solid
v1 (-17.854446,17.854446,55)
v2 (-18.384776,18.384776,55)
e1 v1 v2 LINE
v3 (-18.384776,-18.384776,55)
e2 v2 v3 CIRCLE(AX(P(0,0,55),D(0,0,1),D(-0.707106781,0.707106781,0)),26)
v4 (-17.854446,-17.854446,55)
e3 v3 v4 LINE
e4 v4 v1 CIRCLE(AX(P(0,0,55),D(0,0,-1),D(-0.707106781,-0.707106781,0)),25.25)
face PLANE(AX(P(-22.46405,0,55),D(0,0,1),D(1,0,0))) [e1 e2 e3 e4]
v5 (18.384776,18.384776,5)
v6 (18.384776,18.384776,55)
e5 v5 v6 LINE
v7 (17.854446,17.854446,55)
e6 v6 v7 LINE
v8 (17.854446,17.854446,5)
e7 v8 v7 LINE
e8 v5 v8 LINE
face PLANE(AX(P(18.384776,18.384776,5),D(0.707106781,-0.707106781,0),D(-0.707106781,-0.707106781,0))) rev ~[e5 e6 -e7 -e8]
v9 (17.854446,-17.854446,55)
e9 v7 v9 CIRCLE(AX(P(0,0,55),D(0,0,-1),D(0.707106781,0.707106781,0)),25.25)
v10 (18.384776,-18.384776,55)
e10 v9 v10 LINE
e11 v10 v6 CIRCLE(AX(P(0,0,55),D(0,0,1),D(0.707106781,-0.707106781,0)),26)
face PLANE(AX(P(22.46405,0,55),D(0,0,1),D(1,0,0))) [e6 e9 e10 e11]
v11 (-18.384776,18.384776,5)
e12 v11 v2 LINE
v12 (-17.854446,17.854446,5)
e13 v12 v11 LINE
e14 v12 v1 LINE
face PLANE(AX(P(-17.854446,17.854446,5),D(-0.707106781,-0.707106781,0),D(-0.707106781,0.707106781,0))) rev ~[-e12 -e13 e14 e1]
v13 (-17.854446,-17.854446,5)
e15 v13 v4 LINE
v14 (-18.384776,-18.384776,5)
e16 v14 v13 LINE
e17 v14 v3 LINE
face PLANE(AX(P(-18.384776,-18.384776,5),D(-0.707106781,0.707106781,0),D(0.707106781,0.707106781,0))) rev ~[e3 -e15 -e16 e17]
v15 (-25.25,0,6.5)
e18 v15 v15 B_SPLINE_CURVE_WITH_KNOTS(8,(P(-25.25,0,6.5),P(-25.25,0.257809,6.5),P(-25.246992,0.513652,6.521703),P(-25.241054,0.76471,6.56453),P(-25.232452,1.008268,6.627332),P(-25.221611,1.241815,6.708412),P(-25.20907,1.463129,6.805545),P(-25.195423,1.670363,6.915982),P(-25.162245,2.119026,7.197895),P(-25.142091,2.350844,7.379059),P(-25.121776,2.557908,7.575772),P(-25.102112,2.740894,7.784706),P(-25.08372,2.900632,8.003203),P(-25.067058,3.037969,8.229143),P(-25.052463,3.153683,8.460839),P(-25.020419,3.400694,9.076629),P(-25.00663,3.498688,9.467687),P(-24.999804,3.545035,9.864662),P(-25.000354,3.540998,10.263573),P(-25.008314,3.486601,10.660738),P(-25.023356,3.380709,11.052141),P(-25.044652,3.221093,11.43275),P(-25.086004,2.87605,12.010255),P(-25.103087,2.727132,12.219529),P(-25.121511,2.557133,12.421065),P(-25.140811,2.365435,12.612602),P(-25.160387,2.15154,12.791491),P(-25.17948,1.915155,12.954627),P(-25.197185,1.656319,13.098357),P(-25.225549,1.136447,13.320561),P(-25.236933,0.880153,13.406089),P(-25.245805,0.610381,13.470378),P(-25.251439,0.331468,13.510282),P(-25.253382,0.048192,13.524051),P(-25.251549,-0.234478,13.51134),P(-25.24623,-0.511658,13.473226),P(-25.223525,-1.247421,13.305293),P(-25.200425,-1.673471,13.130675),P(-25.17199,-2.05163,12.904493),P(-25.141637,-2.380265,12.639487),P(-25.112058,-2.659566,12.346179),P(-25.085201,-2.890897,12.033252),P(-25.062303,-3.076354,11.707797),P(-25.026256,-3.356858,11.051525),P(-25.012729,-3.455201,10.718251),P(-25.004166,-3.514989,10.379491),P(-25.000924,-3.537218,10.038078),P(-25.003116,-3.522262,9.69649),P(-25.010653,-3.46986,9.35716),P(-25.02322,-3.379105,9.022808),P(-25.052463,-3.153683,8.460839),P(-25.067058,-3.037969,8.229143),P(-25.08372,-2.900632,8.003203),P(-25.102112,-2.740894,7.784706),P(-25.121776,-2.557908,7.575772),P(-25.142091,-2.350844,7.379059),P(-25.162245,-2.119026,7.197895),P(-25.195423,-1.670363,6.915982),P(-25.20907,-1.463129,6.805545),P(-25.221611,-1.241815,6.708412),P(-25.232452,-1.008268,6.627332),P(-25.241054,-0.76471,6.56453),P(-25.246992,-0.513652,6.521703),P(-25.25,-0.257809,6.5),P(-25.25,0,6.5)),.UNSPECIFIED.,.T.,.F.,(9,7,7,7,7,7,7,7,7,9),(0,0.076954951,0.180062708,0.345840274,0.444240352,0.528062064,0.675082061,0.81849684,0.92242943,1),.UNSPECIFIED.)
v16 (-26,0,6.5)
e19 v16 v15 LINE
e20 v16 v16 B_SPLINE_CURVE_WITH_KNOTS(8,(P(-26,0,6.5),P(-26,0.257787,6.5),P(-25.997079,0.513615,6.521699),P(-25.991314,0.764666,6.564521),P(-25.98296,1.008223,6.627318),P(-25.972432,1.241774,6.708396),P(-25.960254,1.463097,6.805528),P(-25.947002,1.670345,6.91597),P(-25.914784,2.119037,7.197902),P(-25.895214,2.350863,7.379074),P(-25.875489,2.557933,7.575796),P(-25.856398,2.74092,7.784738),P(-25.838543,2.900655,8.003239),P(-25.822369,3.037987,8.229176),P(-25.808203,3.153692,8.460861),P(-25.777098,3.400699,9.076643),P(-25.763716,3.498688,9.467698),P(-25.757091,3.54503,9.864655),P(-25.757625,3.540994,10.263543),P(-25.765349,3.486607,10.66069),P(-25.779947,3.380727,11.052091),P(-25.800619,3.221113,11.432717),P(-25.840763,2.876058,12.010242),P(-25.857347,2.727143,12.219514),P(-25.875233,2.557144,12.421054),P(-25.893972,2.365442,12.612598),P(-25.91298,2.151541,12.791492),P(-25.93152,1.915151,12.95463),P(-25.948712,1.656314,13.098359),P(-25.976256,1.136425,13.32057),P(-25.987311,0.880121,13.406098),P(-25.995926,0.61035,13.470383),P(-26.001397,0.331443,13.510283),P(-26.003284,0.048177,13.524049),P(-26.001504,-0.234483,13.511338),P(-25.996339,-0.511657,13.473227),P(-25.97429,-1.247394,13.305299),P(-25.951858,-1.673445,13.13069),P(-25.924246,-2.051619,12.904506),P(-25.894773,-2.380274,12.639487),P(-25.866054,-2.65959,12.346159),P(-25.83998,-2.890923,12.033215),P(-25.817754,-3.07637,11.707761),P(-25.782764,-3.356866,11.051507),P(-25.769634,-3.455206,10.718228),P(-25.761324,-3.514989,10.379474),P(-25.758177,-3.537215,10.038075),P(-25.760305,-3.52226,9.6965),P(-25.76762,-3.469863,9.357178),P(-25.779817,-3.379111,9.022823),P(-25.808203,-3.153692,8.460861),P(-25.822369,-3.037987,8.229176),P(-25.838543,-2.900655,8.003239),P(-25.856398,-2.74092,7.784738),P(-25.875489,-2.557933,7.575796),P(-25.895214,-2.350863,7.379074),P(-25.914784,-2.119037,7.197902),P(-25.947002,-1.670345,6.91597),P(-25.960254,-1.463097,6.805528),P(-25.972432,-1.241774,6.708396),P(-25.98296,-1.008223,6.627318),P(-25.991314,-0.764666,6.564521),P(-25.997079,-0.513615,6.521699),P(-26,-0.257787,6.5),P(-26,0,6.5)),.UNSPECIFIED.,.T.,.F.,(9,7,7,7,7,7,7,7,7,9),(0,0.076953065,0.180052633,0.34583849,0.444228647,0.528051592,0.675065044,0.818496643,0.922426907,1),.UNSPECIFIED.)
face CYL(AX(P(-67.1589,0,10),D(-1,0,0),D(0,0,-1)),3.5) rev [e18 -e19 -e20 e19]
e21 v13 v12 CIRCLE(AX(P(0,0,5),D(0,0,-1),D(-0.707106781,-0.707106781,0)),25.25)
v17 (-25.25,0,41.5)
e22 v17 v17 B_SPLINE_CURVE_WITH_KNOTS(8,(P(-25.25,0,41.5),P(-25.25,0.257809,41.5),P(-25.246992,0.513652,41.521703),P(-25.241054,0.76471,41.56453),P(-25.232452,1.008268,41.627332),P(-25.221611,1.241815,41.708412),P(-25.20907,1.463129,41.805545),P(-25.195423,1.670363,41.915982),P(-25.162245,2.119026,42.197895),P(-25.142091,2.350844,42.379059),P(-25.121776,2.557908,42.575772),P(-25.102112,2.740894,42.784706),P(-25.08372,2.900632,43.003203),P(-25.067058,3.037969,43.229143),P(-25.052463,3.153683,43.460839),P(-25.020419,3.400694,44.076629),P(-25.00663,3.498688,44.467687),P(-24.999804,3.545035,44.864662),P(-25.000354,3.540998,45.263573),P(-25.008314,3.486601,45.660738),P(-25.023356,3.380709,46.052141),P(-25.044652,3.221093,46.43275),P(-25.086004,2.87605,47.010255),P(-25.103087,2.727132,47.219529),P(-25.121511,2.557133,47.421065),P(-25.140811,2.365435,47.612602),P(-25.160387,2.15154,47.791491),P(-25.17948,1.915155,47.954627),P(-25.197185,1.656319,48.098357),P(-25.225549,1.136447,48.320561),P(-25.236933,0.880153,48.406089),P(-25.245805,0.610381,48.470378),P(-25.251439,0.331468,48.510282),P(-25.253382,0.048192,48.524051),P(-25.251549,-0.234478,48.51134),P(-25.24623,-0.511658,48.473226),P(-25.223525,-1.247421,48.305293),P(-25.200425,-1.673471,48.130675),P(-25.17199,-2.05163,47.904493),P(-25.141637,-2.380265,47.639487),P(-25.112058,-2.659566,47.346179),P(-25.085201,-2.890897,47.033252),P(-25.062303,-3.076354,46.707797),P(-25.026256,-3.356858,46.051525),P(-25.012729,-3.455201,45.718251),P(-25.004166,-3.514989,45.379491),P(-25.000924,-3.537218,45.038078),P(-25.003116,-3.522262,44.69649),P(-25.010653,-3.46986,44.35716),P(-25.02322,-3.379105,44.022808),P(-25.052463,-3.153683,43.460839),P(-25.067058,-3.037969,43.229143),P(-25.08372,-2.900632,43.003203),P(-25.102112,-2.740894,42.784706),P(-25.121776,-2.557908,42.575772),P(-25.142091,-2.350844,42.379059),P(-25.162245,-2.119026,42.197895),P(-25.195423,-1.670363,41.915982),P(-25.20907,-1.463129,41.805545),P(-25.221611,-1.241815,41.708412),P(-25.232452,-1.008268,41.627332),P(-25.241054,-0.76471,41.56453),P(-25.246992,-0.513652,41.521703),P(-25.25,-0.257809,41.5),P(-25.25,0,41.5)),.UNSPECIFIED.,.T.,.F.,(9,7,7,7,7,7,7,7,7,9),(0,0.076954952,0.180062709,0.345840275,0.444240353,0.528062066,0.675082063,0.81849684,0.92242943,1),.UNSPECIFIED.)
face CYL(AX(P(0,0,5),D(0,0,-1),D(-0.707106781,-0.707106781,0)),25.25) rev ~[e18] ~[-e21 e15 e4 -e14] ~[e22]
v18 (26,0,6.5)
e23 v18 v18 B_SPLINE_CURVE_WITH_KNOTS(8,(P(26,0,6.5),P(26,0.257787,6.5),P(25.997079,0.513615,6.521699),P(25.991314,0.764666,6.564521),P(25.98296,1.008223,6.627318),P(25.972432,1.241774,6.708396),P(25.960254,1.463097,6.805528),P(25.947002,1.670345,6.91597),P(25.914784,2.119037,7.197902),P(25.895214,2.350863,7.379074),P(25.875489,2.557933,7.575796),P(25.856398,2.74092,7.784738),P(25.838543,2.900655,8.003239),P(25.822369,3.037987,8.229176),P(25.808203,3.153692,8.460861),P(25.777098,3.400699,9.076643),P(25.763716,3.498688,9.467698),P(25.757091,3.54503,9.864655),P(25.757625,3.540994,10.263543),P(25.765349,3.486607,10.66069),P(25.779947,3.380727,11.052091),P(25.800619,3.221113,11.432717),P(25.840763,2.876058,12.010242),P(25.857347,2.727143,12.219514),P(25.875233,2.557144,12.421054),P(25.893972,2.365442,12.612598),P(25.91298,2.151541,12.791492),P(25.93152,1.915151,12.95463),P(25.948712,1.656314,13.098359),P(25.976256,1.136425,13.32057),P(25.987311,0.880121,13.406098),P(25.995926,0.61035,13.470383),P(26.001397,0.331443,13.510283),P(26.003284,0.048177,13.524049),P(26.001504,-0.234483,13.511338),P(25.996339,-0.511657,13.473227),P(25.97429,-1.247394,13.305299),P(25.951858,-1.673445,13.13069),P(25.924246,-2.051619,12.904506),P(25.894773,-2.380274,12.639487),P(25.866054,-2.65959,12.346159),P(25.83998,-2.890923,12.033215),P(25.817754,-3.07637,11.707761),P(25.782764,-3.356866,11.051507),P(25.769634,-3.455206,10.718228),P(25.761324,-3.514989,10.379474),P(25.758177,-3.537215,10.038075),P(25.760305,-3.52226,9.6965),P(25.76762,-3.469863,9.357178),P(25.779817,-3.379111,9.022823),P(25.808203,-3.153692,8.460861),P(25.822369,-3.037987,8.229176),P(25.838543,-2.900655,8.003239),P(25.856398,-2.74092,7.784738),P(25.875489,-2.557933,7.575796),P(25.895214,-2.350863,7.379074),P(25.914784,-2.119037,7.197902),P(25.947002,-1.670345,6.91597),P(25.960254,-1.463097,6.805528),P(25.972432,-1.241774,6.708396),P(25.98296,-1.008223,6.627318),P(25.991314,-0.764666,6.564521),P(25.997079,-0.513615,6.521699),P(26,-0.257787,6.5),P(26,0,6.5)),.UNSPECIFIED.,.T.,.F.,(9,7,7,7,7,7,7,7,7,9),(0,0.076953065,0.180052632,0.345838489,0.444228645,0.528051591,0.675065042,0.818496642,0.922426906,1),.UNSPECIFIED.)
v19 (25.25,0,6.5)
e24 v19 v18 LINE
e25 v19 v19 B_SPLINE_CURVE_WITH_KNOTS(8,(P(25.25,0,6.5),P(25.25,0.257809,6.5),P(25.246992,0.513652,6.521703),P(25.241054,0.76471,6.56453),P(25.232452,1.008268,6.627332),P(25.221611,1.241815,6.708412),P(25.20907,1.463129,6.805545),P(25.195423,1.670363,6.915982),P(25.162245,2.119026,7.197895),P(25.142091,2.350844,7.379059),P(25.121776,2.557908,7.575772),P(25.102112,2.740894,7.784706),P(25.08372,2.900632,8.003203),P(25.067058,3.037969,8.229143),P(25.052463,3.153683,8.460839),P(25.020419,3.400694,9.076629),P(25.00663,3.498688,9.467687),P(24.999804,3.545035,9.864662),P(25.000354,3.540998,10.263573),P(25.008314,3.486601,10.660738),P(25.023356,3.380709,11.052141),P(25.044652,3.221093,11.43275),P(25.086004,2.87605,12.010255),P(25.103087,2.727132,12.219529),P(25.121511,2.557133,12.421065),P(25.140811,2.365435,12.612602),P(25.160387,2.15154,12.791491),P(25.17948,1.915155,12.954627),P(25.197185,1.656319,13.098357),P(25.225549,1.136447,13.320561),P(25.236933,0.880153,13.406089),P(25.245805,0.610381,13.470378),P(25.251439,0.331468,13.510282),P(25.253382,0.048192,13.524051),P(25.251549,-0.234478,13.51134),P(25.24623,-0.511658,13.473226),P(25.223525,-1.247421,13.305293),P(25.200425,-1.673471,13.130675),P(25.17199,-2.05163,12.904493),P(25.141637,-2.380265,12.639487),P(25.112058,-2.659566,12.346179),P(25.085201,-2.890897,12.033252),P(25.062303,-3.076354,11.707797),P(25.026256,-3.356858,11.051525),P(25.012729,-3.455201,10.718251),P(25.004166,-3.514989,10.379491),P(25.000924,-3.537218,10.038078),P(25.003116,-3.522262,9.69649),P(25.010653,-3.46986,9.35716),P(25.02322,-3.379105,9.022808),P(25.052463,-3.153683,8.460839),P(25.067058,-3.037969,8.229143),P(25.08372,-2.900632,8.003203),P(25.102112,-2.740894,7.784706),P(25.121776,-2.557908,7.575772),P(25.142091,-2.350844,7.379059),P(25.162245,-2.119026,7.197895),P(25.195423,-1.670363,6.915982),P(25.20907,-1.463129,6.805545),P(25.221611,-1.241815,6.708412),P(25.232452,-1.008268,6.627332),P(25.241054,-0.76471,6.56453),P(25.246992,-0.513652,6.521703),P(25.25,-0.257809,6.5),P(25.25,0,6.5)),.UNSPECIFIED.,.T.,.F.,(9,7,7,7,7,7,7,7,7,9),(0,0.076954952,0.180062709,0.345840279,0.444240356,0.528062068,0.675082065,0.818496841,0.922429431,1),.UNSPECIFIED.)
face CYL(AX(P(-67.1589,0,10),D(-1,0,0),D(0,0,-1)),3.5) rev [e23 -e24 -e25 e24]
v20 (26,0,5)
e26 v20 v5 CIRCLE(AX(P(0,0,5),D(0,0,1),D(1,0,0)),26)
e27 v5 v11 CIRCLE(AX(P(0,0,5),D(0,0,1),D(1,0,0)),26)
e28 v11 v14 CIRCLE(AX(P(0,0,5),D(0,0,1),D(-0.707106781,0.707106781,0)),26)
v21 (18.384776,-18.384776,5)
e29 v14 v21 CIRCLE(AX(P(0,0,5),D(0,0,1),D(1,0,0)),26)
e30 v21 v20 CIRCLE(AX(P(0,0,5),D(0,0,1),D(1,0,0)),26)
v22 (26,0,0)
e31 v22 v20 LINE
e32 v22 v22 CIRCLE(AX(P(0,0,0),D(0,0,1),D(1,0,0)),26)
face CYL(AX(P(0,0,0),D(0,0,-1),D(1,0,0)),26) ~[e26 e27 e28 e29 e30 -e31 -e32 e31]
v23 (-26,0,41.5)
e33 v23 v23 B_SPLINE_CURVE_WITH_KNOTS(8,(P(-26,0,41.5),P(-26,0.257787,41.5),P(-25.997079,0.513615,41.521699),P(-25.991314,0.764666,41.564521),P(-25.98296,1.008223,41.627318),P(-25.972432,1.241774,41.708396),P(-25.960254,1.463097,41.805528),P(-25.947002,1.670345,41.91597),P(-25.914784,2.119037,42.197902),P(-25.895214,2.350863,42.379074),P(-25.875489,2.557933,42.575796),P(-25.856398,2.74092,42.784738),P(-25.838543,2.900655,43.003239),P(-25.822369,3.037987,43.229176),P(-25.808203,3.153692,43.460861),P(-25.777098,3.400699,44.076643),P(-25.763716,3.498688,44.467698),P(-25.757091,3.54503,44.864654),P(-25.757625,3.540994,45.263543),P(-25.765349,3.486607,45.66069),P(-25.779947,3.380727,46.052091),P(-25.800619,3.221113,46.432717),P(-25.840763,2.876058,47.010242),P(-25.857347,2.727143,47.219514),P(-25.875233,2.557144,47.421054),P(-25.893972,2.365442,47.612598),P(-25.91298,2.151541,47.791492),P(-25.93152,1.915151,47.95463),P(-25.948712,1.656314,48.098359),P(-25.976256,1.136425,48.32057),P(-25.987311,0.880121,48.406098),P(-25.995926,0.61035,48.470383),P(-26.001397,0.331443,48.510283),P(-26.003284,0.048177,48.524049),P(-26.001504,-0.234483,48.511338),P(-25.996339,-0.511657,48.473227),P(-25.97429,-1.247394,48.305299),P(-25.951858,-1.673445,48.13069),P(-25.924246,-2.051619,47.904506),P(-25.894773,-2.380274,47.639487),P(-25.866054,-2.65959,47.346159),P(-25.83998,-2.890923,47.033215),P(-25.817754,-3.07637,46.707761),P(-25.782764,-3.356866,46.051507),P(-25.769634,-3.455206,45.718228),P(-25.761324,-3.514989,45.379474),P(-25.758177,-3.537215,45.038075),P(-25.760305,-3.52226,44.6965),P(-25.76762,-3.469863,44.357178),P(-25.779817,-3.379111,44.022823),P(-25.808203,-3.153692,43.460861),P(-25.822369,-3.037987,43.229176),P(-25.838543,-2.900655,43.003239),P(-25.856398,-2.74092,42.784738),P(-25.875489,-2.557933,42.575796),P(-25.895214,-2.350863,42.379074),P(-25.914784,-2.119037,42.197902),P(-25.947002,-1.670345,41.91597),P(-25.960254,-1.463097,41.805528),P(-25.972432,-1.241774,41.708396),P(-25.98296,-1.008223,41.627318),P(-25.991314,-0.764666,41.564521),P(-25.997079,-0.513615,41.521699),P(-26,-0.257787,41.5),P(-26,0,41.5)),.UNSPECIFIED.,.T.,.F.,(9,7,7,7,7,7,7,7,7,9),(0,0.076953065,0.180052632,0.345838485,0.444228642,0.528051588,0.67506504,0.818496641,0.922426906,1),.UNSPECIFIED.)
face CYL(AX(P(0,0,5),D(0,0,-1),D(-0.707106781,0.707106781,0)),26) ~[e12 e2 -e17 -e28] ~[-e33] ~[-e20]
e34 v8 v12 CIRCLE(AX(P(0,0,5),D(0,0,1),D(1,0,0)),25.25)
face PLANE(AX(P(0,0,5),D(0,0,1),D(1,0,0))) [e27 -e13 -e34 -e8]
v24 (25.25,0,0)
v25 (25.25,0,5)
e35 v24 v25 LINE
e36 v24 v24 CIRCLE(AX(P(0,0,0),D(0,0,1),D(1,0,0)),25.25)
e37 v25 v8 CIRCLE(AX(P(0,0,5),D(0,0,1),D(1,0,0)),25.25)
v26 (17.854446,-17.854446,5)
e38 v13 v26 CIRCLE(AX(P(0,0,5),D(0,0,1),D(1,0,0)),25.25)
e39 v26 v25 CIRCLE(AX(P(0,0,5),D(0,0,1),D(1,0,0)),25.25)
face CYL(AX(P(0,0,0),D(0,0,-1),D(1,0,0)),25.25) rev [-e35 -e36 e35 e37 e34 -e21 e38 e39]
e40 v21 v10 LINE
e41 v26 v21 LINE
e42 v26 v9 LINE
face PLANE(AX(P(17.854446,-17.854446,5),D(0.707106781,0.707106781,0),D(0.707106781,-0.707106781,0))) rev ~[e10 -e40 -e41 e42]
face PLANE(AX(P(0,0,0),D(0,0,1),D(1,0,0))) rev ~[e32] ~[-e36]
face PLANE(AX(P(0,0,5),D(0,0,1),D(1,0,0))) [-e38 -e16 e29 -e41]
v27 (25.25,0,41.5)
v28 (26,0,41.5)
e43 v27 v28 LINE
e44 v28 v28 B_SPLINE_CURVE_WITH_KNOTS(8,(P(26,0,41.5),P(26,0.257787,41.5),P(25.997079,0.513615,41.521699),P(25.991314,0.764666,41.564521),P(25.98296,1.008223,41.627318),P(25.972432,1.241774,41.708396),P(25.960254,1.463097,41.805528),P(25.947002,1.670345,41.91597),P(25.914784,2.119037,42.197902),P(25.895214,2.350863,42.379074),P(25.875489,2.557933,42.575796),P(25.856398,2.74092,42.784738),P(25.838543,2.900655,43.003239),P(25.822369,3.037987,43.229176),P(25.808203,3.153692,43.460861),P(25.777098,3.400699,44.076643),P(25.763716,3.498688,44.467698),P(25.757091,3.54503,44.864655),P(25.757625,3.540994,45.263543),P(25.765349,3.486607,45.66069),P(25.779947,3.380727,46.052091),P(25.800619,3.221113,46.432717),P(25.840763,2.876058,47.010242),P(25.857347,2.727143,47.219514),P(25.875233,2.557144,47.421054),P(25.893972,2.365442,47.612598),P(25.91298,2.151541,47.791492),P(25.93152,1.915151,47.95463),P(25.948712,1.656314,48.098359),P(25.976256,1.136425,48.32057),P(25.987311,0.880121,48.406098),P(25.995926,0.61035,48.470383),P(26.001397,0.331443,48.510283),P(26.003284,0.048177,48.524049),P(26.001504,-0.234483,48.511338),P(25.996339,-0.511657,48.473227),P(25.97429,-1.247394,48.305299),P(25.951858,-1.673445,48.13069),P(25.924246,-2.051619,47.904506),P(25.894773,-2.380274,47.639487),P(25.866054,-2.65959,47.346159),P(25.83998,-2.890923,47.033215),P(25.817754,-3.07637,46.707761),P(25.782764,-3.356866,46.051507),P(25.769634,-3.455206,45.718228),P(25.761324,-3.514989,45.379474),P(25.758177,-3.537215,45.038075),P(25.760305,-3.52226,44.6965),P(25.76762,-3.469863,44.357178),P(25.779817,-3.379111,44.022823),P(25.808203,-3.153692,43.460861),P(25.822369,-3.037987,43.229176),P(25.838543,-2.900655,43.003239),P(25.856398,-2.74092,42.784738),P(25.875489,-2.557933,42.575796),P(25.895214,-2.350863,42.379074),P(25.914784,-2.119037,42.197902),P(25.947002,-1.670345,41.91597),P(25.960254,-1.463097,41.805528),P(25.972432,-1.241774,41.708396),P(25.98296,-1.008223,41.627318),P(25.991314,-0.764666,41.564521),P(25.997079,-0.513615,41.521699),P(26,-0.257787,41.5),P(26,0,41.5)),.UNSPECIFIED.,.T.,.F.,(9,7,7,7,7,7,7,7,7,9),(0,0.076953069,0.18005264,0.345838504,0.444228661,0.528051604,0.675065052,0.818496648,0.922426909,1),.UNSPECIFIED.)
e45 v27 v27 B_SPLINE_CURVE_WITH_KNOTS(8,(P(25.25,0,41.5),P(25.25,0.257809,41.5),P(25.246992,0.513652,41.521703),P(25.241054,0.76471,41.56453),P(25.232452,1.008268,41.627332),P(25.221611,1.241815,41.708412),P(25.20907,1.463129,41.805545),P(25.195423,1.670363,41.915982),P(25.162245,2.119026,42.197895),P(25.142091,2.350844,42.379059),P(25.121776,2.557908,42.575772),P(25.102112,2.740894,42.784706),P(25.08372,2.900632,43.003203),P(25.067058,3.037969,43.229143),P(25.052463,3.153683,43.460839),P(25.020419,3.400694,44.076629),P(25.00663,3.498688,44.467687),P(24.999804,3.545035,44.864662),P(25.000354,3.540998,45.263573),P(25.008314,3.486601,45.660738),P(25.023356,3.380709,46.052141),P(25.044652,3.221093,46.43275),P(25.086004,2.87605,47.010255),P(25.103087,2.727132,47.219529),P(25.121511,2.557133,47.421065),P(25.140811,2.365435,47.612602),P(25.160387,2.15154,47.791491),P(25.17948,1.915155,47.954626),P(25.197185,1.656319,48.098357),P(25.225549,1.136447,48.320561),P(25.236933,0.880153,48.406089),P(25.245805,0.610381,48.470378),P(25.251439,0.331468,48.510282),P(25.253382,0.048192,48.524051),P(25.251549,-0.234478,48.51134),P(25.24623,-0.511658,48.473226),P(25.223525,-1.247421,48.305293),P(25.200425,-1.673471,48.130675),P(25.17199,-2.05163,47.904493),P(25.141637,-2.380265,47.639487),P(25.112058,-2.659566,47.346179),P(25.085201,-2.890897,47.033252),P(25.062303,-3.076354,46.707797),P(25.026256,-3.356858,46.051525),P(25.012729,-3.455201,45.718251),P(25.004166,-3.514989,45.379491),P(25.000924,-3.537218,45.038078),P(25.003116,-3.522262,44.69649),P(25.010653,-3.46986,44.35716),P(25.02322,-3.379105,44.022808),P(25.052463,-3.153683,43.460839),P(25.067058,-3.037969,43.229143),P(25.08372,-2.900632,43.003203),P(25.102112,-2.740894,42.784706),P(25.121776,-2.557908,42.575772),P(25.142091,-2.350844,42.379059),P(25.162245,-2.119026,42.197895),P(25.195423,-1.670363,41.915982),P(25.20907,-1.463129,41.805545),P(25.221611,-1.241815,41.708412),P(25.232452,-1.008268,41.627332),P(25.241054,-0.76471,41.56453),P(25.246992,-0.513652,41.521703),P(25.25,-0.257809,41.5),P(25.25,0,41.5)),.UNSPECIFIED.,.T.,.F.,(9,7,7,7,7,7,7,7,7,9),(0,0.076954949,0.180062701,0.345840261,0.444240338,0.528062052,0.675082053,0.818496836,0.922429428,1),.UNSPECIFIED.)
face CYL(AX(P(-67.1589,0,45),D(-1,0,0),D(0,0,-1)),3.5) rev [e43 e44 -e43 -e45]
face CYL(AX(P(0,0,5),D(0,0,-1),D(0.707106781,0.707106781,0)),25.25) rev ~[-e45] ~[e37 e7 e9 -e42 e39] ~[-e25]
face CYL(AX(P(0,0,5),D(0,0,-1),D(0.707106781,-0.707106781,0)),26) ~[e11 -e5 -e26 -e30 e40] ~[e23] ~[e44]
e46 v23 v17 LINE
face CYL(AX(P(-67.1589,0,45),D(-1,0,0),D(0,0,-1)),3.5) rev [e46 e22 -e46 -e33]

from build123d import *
from build123d.topology import SkipClean

# Parameters (mm, degrees)
SKETCH2_R               = 26
SKETCH2_R_2             = 25.25
BOSS_EXTRUDE1_DEPTH     = 5
BOSS_EXTRUDE2_DEPTH     = 50
CUT_EXTRUDE1_DEPTH      = 67.158899628
CUT_EXTRUDE1_DEPTH_BACK = 67.158899628
SKETCH4_R               = 3.5


with BuildPart() as part:
    # Sketch2 → Boss-Extrude1 (new body)
    with BuildSketch(Plane.XY):
        Circle(SKETCH2_R)
        Circle(SKETCH2_R_2, mode=Mode.SUBTRACT)
    extrude(amount=BOSS_EXTRUDE1_DEPTH)

    # Sketch3 → Boss-Extrude2 (add)
    with SkipClean():  # the faces are left unmerged after this step: merging them gives an invalid solid
        with BuildSketch(Plane.XY.offset(5)):
            with BuildLine():
                Line((-17.854446225, 17.854446225), (-18.384776311, 18.384776311))
                ThreePointArc((-18.384776311, 18.384776311), (-26, 0), (-18.384776311, -18.384776311))
                Line((-18.384776311, -18.384776311), (-17.854446225, -17.854446225))
                ThreePointArc((-17.854446225, -17.854446225), (-25.25, 0), (-17.854446225, 17.854446225))
            make_face()
            with BuildLine():
                Line((17.854446225, -17.854446225), (18.384776311, -18.384776311))
                ThreePointArc((18.384776311, -18.384776311), (26, 0), (18.384776311, 18.384776311))
                Line((18.384776311, 18.384776311), (17.854446225, 17.854446225))
                ThreePointArc((17.854446225, 17.854446225), (25.25, 0), (17.854446225, -17.854446225))
            make_face()
        extrude(amount=BOSS_EXTRUDE2_DEPTH)

    # Sketch4 → Cut-Extrude1 (cut, two sides: drawn at the far end of the back side and taken through both)
    with SkipClean():  # the faces are left unmerged after this step: merging them gives an invalid solid
        with BuildSketch(Plane(origin=(0, 0, 0), x_dir=(0, 0, -1), z_dir=(1, 0, 0)).offset(-CUT_EXTRUDE1_DEPTH_BACK)):
            with Locations((-45, 0)):
                Circle(SKETCH4_R)
            with Locations((-10, 0)):
                Circle(SKETCH4_R)
        extrude(amount=CUT_EXTRUDE1_DEPTH + CUT_EXTRUDE1_DEPTH_BACK, mode=Mode.SUBTRACT)


solid = part.part
